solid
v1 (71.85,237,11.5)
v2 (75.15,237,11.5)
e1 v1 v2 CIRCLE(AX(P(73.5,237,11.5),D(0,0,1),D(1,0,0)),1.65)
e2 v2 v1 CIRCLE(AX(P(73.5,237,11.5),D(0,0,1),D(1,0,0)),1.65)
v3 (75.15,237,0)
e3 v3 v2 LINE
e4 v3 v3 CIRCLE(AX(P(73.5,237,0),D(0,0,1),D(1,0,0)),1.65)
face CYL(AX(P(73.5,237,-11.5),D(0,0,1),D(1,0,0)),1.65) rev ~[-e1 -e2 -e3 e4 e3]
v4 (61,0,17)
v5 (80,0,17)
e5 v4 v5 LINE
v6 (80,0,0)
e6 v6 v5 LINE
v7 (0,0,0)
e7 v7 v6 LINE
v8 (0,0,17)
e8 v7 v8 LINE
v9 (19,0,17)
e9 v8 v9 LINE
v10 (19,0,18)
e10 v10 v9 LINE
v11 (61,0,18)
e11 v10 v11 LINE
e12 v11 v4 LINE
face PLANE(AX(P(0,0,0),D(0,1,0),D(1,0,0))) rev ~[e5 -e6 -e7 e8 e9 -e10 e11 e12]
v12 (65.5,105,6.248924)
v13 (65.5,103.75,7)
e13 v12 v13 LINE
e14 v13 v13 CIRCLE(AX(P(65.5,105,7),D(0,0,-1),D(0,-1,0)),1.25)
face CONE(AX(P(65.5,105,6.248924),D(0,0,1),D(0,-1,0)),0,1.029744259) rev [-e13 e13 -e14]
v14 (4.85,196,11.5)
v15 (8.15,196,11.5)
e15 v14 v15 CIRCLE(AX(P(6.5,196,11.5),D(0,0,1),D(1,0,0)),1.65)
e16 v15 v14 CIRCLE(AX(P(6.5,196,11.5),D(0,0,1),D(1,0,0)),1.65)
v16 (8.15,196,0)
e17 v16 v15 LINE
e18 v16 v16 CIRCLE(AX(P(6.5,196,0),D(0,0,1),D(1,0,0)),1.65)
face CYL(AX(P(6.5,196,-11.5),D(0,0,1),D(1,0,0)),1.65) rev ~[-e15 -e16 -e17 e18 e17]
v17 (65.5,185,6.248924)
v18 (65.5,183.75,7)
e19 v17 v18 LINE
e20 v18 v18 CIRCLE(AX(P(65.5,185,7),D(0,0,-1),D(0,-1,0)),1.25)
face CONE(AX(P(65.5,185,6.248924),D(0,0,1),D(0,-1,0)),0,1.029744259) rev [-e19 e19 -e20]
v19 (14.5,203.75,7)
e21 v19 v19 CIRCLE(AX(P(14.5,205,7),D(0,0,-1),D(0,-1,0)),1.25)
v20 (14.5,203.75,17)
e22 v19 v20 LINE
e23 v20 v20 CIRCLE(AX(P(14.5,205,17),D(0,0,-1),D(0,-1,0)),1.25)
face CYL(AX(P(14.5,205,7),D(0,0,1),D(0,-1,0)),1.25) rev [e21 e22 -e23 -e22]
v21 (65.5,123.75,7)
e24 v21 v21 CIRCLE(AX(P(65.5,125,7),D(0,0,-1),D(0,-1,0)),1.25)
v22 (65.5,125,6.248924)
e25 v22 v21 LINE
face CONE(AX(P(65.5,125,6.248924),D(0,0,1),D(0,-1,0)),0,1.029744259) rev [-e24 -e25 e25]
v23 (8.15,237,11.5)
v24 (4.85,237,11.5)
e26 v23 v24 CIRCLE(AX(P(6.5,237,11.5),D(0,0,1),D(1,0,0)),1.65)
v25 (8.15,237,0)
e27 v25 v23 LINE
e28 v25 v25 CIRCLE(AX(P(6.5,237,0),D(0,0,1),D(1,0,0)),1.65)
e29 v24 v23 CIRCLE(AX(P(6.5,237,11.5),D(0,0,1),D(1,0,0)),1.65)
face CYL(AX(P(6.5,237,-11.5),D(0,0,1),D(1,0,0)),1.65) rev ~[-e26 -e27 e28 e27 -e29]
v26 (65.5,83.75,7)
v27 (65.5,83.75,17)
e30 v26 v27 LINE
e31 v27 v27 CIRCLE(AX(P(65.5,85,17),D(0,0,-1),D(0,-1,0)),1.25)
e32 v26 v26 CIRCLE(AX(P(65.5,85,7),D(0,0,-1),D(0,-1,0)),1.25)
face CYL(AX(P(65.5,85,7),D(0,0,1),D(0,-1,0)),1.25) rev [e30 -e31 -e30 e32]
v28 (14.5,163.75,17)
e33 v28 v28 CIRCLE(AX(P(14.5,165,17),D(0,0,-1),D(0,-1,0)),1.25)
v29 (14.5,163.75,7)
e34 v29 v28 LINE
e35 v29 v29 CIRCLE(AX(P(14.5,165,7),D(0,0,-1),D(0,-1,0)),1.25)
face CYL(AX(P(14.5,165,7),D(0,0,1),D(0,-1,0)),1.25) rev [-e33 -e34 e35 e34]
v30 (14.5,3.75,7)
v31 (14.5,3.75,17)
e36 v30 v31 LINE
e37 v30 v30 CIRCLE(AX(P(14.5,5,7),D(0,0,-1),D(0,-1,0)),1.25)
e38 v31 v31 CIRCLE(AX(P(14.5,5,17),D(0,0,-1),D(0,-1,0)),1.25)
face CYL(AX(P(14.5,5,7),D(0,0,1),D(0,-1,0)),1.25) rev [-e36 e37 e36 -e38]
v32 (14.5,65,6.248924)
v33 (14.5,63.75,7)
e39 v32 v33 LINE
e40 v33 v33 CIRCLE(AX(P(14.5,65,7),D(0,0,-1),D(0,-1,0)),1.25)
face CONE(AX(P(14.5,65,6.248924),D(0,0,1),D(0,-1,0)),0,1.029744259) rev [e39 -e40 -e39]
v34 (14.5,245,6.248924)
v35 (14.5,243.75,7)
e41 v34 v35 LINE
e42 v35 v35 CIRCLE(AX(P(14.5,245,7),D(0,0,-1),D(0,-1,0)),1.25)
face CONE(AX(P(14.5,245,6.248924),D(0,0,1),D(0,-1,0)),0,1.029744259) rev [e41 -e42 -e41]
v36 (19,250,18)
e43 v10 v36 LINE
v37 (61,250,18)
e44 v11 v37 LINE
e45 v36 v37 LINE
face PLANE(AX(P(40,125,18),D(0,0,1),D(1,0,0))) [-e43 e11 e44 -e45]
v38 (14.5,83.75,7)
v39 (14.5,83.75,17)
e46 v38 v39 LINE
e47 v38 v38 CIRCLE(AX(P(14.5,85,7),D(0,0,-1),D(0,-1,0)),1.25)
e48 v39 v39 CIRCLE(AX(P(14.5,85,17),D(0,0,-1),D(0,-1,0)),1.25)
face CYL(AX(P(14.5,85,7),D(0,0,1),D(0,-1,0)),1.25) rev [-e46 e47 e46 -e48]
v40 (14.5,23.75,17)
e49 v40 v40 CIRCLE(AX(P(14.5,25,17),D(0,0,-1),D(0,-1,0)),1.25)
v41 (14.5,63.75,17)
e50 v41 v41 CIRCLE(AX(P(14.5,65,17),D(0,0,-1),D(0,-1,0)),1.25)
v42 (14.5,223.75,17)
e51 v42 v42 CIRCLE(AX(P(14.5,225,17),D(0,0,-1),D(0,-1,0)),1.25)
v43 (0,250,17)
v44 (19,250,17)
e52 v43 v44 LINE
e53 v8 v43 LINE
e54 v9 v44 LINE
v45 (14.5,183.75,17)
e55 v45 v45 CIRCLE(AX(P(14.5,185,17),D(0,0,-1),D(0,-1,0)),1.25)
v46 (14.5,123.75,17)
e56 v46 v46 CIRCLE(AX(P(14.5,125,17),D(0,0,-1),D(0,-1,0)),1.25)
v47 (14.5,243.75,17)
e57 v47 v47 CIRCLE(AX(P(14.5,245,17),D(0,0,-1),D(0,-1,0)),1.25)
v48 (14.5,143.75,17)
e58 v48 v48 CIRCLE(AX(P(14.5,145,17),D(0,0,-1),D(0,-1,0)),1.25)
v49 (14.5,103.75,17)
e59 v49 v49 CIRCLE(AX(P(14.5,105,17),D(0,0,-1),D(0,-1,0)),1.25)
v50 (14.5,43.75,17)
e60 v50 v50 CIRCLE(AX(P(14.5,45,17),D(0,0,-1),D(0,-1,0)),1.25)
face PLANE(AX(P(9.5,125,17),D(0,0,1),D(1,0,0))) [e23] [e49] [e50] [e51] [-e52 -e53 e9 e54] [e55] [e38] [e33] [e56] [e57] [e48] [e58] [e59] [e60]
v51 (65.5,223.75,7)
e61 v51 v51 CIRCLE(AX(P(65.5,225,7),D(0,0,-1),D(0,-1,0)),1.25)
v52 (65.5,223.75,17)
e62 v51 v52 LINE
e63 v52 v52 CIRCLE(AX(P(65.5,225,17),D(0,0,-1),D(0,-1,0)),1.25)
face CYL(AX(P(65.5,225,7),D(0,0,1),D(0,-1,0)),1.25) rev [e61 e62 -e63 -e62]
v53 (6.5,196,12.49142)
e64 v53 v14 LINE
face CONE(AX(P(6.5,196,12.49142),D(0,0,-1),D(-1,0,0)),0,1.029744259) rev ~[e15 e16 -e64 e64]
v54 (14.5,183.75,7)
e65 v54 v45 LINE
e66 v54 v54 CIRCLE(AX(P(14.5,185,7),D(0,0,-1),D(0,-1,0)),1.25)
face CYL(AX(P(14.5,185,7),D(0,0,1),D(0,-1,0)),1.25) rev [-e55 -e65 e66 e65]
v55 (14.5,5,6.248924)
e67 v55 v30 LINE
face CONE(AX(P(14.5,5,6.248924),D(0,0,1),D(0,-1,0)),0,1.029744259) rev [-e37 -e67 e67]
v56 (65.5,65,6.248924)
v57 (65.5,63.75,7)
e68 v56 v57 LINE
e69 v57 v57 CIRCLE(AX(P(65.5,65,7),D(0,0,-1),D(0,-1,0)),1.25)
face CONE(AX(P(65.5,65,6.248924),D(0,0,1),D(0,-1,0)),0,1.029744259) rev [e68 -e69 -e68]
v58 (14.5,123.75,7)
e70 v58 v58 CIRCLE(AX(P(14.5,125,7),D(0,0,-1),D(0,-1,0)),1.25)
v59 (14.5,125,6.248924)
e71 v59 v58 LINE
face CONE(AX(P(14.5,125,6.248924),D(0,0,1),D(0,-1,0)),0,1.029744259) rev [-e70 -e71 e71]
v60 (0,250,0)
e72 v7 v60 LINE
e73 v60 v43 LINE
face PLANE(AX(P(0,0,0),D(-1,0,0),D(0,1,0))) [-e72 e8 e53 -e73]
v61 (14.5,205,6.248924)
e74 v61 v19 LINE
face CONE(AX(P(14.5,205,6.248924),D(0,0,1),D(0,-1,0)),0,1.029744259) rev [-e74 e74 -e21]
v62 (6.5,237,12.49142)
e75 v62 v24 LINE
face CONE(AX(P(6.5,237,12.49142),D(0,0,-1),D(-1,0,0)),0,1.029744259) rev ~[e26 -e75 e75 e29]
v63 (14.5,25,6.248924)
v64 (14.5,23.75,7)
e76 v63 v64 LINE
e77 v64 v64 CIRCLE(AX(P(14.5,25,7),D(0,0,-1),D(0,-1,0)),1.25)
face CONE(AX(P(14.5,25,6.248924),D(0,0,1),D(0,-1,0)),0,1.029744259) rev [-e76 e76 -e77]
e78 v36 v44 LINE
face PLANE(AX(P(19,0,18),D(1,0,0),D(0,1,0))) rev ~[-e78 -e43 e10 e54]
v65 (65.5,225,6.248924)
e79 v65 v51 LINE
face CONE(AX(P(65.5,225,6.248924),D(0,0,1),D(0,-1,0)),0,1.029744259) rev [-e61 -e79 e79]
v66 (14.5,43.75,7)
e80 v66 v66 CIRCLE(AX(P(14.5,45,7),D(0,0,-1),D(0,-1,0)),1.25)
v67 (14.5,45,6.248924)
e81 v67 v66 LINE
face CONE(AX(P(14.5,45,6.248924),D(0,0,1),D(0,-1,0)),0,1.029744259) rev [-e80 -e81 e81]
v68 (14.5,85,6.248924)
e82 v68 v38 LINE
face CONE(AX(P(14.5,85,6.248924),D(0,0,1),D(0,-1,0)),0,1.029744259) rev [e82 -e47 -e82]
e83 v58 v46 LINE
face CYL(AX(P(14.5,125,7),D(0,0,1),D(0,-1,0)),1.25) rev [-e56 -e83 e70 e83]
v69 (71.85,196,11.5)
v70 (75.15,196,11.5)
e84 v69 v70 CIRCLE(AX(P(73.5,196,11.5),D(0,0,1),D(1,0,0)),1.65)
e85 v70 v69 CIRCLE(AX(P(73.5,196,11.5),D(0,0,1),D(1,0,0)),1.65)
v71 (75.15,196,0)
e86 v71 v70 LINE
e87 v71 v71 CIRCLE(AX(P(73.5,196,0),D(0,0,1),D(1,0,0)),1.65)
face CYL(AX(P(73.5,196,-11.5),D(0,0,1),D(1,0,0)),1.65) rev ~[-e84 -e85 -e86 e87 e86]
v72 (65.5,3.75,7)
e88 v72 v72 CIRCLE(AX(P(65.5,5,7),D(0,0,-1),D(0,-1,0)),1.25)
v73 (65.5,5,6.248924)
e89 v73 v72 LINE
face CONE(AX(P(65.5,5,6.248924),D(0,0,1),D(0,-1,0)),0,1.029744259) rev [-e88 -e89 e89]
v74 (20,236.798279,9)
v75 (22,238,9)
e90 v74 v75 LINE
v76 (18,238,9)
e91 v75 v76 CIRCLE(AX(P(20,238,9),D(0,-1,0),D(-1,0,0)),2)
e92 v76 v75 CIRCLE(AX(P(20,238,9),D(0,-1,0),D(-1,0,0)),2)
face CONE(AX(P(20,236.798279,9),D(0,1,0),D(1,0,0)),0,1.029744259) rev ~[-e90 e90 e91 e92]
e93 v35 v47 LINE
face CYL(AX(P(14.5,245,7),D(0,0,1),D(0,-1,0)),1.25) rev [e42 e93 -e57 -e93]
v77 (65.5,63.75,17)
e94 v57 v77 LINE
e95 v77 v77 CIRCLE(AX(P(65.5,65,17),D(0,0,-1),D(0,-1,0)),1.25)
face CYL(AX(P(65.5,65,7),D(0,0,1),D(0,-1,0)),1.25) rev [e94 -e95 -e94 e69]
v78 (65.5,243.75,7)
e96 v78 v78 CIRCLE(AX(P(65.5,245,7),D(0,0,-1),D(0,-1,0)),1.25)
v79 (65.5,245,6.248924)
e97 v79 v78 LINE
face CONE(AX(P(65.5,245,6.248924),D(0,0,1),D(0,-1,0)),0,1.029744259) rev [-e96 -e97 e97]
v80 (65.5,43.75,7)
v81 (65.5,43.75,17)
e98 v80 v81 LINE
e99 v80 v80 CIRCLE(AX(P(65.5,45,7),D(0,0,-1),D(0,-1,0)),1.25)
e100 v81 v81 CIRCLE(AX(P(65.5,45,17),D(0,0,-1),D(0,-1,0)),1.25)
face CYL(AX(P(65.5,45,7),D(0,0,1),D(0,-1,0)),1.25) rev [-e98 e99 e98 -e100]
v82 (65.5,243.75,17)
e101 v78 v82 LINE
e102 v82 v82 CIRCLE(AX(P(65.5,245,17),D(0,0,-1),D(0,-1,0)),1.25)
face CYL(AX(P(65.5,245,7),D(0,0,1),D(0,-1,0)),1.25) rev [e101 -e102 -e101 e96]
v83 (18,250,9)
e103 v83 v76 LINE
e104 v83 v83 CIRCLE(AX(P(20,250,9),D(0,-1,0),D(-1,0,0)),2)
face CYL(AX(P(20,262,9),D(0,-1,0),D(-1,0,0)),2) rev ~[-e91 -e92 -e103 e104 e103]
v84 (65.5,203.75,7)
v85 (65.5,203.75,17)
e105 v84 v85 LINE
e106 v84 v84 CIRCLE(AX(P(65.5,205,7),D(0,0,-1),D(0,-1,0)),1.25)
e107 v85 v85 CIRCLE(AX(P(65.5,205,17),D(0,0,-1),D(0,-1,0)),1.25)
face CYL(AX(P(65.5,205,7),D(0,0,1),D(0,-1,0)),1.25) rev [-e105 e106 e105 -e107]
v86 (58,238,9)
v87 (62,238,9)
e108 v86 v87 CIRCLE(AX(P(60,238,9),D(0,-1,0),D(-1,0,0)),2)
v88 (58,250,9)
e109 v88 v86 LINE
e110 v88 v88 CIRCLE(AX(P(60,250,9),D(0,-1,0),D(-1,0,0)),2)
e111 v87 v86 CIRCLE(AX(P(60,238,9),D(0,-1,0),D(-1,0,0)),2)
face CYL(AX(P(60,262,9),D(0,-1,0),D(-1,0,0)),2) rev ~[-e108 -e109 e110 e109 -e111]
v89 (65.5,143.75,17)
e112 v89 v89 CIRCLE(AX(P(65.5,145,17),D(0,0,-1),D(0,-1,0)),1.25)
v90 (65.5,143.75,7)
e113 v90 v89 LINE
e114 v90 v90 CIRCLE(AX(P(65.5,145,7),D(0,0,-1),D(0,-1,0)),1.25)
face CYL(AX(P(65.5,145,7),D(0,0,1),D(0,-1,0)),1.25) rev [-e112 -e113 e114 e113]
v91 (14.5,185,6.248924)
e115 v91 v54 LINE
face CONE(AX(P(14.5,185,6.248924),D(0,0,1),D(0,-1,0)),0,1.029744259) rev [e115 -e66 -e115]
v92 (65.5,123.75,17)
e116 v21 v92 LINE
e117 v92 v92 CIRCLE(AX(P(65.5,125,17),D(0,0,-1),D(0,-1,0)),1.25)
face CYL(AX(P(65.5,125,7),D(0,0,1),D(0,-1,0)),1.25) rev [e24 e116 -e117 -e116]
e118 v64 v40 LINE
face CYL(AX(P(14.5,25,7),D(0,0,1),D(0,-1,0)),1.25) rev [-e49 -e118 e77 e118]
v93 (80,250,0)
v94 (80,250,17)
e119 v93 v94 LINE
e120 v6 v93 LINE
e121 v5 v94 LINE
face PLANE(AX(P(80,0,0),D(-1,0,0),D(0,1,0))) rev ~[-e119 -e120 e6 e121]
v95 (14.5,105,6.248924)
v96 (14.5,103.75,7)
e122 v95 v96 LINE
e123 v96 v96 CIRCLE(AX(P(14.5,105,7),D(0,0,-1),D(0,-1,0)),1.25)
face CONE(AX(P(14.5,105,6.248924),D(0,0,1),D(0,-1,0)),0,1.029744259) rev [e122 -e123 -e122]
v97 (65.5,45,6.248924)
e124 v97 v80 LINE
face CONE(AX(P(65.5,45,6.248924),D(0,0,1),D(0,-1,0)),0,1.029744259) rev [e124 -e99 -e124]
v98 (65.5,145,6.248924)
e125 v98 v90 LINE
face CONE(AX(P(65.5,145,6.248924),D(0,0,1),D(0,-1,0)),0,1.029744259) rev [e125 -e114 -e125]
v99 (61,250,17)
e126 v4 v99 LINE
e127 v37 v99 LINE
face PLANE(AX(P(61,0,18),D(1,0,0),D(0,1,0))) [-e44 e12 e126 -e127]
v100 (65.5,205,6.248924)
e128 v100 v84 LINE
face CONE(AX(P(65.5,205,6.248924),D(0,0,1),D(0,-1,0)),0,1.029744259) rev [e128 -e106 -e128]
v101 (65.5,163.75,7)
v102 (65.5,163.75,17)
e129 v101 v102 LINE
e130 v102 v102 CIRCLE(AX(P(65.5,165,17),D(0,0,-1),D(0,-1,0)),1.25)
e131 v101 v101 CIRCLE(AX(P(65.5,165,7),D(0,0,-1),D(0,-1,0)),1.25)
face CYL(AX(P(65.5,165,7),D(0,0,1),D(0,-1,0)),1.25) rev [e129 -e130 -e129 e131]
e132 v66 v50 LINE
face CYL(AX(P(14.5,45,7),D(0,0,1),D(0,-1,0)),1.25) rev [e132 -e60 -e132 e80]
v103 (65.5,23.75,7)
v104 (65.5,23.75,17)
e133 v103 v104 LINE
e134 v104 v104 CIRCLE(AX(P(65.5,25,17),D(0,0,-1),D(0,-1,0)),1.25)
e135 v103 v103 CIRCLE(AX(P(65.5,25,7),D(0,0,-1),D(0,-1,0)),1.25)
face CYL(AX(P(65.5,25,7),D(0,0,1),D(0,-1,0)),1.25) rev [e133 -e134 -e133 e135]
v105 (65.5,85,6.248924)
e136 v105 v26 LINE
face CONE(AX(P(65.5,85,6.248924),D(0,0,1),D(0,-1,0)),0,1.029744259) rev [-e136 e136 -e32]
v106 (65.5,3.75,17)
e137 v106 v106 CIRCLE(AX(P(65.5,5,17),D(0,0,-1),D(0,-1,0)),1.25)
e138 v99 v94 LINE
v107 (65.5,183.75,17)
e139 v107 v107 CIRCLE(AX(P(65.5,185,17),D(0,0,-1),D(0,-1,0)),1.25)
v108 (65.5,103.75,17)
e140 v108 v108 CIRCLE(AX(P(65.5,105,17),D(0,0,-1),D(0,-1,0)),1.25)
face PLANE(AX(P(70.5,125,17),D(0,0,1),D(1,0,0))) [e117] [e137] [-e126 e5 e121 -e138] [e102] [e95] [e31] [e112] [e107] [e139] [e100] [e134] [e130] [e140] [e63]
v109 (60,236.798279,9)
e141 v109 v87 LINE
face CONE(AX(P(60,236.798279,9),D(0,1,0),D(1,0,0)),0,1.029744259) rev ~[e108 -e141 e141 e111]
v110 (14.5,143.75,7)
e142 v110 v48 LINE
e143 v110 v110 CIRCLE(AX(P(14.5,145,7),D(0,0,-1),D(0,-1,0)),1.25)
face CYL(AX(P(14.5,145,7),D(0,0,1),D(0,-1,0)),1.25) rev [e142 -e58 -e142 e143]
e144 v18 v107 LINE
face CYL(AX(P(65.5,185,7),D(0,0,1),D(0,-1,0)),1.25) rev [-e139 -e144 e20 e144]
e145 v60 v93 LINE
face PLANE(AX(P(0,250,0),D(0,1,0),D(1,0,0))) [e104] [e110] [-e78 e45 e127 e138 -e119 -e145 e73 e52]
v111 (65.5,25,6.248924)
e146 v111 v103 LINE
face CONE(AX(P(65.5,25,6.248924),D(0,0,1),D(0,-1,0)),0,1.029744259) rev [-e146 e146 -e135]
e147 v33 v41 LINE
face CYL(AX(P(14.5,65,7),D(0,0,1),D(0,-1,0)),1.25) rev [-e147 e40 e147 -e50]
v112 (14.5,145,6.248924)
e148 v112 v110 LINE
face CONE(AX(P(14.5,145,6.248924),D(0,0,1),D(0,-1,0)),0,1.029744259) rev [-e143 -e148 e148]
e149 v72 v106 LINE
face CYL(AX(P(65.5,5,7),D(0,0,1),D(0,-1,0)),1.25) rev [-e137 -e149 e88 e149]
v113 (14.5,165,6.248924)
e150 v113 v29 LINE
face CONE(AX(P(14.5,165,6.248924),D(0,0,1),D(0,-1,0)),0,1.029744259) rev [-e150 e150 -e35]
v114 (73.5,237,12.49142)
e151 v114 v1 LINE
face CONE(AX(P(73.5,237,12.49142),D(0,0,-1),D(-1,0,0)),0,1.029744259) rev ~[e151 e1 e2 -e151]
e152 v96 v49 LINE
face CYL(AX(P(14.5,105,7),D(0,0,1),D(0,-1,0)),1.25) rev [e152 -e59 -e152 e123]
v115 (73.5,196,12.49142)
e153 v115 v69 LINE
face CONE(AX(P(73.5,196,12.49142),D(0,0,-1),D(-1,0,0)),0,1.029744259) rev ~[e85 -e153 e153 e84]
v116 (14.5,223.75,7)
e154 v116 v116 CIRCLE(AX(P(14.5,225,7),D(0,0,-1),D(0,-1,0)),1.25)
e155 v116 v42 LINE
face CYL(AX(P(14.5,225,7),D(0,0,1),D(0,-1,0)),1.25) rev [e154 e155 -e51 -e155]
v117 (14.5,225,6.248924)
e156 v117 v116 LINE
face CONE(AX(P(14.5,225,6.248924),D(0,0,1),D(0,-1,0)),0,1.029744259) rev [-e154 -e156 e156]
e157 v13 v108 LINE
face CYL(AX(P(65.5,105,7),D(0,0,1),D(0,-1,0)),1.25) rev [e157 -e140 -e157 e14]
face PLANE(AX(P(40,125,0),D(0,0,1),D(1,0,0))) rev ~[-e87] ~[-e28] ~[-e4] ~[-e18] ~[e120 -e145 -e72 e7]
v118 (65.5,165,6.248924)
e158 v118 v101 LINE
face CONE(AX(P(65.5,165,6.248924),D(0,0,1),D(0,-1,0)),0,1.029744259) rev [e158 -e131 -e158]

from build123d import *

# Parameters (mm, degrees)
CROQUIS1_W                         = 80
CROQUIS1_H                         = 250
SALIENTE_EXTRUIR1_DEPTH            = 18
CROQUIS2_W                         = 19
CROQUIS2_H                         = 250
CORTAR_EXTRUIR1_DEPTH              = 1
MATRIZL1_COUNT                     = 13
MATRIZL1_PITCH                     = 20
MATRIZL1_COUNT_DIR2                = 2
MATRIZL1_PITCH_DIR2                = 51
TALADROS_DE_ESPIGA_DE_4_0MM1_D     = 4
TALADROS_DE_ESPIGA_DE_4_0MM1_DEPTH = 12
TALADROS_DE_ESPIGA_DE_4_0MM1_TIP   = 1.201721238
TALADRO_ROSCADO_M41_D              = 3.3
TALADRO_ROSCADO_M41_DEPTH          = 11.5
TALADRO_ROSCADO_M41_TIP            = 0.991420021


with BuildPart() as part:
    # Croquis1 → Saliente-Extruir1 (new body)
    with BuildSketch(Plane.XY):
        with Locations((40, 125)):
            Rectangle(CROQUIS1_W, CROQUIS1_H)
    extrude(amount=SALIENTE_EXTRUIR1_DEPTH)

    # Croquis2 → Cortar-Extruir1 (cut)
    with BuildSketch(Plane.XY.offset(18)):
        with Locations((9.5, 125)):
            Rectangle(CROQUIS2_W, CROQUIS2_H)
        with Locations((70.5, 125)):
            Rectangle(CROQUIS2_W, CROQUIS2_H)
    extrude(amount=-CORTAR_EXTRUIR1_DEPTH, mode=Mode.SUBTRACT)

    # Croquis4 → Taladro roscado M31 (revolve, cut)
    with BuildSketch(Plane(origin=(14.5, 245, 17), x_dir=(0, -1, 0), z_dir=(1, 0, 0))):
        Polygon((0, 0), (0, 10.751075774), (1.25, 10), (1.25, 0), align=None)
    taladro_roscado_m31 = revolve(axis=Axis((14.5, 245, 23.35), (0, 0, -1)), mode=Mode.SUBTRACT)

    # MatrizL1: Taladro roscado M31 13 × 2
    with Locations(*[(j * MATRIZL1_PITCH_DIR2, -i * MATRIZL1_PITCH, 0) for i in range(MATRIZL1_COUNT) for j in range(MATRIZL1_COUNT_DIR2) if (i, j) != (0, 0)]):
        add(taladro_roscado_m31, mode=Mode.SUBTRACT)

    # Taladros de espiga de Ø4.0mm1
    with Locations(Plane(origin=(0, 250, 0), x_dir=(1, 0, 0), z_dir=(0, 1, 0))):
        with Locations((60, -9), (20, -9)):
            Hole(TALADROS_DE_ESPIGA_DE_4_0MM1_D / 2, depth=TALADROS_DE_ESPIGA_DE_4_0MM1_DEPTH)
            with Locations((0, 0, -(TALADROS_DE_ESPIGA_DE_4_0MM1_DEPTH + TALADROS_DE_ESPIGA_DE_4_0MM1_TIP / 2))):  # 118° drill point
                Cone(0, TALADROS_DE_ESPIGA_DE_4_0MM1_D / 2, TALADROS_DE_ESPIGA_DE_4_0MM1_TIP, mode=Mode.SUBTRACT)

    # Taladro roscado M41
    with Locations(Plane(origin=(0, 0, 0), x_dir=(-1, 0, 0), z_dir=(0, 0, -1))):
        with Locations((-73.5, 196), (-6.5, 237), (-73.5, 237), (-6.5, 196)):
            Hole(TALADRO_ROSCADO_M41_D / 2, depth=TALADRO_ROSCADO_M41_DEPTH)
            with Locations((0, 0, -(TALADRO_ROSCADO_M41_DEPTH + TALADRO_ROSCADO_M41_TIP / 2))):  # 118° drill point
                Cone(0, TALADRO_ROSCADO_M41_D / 2, TALADRO_ROSCADO_M41_TIP, mode=Mode.SUBTRACT)


solid = part.part
